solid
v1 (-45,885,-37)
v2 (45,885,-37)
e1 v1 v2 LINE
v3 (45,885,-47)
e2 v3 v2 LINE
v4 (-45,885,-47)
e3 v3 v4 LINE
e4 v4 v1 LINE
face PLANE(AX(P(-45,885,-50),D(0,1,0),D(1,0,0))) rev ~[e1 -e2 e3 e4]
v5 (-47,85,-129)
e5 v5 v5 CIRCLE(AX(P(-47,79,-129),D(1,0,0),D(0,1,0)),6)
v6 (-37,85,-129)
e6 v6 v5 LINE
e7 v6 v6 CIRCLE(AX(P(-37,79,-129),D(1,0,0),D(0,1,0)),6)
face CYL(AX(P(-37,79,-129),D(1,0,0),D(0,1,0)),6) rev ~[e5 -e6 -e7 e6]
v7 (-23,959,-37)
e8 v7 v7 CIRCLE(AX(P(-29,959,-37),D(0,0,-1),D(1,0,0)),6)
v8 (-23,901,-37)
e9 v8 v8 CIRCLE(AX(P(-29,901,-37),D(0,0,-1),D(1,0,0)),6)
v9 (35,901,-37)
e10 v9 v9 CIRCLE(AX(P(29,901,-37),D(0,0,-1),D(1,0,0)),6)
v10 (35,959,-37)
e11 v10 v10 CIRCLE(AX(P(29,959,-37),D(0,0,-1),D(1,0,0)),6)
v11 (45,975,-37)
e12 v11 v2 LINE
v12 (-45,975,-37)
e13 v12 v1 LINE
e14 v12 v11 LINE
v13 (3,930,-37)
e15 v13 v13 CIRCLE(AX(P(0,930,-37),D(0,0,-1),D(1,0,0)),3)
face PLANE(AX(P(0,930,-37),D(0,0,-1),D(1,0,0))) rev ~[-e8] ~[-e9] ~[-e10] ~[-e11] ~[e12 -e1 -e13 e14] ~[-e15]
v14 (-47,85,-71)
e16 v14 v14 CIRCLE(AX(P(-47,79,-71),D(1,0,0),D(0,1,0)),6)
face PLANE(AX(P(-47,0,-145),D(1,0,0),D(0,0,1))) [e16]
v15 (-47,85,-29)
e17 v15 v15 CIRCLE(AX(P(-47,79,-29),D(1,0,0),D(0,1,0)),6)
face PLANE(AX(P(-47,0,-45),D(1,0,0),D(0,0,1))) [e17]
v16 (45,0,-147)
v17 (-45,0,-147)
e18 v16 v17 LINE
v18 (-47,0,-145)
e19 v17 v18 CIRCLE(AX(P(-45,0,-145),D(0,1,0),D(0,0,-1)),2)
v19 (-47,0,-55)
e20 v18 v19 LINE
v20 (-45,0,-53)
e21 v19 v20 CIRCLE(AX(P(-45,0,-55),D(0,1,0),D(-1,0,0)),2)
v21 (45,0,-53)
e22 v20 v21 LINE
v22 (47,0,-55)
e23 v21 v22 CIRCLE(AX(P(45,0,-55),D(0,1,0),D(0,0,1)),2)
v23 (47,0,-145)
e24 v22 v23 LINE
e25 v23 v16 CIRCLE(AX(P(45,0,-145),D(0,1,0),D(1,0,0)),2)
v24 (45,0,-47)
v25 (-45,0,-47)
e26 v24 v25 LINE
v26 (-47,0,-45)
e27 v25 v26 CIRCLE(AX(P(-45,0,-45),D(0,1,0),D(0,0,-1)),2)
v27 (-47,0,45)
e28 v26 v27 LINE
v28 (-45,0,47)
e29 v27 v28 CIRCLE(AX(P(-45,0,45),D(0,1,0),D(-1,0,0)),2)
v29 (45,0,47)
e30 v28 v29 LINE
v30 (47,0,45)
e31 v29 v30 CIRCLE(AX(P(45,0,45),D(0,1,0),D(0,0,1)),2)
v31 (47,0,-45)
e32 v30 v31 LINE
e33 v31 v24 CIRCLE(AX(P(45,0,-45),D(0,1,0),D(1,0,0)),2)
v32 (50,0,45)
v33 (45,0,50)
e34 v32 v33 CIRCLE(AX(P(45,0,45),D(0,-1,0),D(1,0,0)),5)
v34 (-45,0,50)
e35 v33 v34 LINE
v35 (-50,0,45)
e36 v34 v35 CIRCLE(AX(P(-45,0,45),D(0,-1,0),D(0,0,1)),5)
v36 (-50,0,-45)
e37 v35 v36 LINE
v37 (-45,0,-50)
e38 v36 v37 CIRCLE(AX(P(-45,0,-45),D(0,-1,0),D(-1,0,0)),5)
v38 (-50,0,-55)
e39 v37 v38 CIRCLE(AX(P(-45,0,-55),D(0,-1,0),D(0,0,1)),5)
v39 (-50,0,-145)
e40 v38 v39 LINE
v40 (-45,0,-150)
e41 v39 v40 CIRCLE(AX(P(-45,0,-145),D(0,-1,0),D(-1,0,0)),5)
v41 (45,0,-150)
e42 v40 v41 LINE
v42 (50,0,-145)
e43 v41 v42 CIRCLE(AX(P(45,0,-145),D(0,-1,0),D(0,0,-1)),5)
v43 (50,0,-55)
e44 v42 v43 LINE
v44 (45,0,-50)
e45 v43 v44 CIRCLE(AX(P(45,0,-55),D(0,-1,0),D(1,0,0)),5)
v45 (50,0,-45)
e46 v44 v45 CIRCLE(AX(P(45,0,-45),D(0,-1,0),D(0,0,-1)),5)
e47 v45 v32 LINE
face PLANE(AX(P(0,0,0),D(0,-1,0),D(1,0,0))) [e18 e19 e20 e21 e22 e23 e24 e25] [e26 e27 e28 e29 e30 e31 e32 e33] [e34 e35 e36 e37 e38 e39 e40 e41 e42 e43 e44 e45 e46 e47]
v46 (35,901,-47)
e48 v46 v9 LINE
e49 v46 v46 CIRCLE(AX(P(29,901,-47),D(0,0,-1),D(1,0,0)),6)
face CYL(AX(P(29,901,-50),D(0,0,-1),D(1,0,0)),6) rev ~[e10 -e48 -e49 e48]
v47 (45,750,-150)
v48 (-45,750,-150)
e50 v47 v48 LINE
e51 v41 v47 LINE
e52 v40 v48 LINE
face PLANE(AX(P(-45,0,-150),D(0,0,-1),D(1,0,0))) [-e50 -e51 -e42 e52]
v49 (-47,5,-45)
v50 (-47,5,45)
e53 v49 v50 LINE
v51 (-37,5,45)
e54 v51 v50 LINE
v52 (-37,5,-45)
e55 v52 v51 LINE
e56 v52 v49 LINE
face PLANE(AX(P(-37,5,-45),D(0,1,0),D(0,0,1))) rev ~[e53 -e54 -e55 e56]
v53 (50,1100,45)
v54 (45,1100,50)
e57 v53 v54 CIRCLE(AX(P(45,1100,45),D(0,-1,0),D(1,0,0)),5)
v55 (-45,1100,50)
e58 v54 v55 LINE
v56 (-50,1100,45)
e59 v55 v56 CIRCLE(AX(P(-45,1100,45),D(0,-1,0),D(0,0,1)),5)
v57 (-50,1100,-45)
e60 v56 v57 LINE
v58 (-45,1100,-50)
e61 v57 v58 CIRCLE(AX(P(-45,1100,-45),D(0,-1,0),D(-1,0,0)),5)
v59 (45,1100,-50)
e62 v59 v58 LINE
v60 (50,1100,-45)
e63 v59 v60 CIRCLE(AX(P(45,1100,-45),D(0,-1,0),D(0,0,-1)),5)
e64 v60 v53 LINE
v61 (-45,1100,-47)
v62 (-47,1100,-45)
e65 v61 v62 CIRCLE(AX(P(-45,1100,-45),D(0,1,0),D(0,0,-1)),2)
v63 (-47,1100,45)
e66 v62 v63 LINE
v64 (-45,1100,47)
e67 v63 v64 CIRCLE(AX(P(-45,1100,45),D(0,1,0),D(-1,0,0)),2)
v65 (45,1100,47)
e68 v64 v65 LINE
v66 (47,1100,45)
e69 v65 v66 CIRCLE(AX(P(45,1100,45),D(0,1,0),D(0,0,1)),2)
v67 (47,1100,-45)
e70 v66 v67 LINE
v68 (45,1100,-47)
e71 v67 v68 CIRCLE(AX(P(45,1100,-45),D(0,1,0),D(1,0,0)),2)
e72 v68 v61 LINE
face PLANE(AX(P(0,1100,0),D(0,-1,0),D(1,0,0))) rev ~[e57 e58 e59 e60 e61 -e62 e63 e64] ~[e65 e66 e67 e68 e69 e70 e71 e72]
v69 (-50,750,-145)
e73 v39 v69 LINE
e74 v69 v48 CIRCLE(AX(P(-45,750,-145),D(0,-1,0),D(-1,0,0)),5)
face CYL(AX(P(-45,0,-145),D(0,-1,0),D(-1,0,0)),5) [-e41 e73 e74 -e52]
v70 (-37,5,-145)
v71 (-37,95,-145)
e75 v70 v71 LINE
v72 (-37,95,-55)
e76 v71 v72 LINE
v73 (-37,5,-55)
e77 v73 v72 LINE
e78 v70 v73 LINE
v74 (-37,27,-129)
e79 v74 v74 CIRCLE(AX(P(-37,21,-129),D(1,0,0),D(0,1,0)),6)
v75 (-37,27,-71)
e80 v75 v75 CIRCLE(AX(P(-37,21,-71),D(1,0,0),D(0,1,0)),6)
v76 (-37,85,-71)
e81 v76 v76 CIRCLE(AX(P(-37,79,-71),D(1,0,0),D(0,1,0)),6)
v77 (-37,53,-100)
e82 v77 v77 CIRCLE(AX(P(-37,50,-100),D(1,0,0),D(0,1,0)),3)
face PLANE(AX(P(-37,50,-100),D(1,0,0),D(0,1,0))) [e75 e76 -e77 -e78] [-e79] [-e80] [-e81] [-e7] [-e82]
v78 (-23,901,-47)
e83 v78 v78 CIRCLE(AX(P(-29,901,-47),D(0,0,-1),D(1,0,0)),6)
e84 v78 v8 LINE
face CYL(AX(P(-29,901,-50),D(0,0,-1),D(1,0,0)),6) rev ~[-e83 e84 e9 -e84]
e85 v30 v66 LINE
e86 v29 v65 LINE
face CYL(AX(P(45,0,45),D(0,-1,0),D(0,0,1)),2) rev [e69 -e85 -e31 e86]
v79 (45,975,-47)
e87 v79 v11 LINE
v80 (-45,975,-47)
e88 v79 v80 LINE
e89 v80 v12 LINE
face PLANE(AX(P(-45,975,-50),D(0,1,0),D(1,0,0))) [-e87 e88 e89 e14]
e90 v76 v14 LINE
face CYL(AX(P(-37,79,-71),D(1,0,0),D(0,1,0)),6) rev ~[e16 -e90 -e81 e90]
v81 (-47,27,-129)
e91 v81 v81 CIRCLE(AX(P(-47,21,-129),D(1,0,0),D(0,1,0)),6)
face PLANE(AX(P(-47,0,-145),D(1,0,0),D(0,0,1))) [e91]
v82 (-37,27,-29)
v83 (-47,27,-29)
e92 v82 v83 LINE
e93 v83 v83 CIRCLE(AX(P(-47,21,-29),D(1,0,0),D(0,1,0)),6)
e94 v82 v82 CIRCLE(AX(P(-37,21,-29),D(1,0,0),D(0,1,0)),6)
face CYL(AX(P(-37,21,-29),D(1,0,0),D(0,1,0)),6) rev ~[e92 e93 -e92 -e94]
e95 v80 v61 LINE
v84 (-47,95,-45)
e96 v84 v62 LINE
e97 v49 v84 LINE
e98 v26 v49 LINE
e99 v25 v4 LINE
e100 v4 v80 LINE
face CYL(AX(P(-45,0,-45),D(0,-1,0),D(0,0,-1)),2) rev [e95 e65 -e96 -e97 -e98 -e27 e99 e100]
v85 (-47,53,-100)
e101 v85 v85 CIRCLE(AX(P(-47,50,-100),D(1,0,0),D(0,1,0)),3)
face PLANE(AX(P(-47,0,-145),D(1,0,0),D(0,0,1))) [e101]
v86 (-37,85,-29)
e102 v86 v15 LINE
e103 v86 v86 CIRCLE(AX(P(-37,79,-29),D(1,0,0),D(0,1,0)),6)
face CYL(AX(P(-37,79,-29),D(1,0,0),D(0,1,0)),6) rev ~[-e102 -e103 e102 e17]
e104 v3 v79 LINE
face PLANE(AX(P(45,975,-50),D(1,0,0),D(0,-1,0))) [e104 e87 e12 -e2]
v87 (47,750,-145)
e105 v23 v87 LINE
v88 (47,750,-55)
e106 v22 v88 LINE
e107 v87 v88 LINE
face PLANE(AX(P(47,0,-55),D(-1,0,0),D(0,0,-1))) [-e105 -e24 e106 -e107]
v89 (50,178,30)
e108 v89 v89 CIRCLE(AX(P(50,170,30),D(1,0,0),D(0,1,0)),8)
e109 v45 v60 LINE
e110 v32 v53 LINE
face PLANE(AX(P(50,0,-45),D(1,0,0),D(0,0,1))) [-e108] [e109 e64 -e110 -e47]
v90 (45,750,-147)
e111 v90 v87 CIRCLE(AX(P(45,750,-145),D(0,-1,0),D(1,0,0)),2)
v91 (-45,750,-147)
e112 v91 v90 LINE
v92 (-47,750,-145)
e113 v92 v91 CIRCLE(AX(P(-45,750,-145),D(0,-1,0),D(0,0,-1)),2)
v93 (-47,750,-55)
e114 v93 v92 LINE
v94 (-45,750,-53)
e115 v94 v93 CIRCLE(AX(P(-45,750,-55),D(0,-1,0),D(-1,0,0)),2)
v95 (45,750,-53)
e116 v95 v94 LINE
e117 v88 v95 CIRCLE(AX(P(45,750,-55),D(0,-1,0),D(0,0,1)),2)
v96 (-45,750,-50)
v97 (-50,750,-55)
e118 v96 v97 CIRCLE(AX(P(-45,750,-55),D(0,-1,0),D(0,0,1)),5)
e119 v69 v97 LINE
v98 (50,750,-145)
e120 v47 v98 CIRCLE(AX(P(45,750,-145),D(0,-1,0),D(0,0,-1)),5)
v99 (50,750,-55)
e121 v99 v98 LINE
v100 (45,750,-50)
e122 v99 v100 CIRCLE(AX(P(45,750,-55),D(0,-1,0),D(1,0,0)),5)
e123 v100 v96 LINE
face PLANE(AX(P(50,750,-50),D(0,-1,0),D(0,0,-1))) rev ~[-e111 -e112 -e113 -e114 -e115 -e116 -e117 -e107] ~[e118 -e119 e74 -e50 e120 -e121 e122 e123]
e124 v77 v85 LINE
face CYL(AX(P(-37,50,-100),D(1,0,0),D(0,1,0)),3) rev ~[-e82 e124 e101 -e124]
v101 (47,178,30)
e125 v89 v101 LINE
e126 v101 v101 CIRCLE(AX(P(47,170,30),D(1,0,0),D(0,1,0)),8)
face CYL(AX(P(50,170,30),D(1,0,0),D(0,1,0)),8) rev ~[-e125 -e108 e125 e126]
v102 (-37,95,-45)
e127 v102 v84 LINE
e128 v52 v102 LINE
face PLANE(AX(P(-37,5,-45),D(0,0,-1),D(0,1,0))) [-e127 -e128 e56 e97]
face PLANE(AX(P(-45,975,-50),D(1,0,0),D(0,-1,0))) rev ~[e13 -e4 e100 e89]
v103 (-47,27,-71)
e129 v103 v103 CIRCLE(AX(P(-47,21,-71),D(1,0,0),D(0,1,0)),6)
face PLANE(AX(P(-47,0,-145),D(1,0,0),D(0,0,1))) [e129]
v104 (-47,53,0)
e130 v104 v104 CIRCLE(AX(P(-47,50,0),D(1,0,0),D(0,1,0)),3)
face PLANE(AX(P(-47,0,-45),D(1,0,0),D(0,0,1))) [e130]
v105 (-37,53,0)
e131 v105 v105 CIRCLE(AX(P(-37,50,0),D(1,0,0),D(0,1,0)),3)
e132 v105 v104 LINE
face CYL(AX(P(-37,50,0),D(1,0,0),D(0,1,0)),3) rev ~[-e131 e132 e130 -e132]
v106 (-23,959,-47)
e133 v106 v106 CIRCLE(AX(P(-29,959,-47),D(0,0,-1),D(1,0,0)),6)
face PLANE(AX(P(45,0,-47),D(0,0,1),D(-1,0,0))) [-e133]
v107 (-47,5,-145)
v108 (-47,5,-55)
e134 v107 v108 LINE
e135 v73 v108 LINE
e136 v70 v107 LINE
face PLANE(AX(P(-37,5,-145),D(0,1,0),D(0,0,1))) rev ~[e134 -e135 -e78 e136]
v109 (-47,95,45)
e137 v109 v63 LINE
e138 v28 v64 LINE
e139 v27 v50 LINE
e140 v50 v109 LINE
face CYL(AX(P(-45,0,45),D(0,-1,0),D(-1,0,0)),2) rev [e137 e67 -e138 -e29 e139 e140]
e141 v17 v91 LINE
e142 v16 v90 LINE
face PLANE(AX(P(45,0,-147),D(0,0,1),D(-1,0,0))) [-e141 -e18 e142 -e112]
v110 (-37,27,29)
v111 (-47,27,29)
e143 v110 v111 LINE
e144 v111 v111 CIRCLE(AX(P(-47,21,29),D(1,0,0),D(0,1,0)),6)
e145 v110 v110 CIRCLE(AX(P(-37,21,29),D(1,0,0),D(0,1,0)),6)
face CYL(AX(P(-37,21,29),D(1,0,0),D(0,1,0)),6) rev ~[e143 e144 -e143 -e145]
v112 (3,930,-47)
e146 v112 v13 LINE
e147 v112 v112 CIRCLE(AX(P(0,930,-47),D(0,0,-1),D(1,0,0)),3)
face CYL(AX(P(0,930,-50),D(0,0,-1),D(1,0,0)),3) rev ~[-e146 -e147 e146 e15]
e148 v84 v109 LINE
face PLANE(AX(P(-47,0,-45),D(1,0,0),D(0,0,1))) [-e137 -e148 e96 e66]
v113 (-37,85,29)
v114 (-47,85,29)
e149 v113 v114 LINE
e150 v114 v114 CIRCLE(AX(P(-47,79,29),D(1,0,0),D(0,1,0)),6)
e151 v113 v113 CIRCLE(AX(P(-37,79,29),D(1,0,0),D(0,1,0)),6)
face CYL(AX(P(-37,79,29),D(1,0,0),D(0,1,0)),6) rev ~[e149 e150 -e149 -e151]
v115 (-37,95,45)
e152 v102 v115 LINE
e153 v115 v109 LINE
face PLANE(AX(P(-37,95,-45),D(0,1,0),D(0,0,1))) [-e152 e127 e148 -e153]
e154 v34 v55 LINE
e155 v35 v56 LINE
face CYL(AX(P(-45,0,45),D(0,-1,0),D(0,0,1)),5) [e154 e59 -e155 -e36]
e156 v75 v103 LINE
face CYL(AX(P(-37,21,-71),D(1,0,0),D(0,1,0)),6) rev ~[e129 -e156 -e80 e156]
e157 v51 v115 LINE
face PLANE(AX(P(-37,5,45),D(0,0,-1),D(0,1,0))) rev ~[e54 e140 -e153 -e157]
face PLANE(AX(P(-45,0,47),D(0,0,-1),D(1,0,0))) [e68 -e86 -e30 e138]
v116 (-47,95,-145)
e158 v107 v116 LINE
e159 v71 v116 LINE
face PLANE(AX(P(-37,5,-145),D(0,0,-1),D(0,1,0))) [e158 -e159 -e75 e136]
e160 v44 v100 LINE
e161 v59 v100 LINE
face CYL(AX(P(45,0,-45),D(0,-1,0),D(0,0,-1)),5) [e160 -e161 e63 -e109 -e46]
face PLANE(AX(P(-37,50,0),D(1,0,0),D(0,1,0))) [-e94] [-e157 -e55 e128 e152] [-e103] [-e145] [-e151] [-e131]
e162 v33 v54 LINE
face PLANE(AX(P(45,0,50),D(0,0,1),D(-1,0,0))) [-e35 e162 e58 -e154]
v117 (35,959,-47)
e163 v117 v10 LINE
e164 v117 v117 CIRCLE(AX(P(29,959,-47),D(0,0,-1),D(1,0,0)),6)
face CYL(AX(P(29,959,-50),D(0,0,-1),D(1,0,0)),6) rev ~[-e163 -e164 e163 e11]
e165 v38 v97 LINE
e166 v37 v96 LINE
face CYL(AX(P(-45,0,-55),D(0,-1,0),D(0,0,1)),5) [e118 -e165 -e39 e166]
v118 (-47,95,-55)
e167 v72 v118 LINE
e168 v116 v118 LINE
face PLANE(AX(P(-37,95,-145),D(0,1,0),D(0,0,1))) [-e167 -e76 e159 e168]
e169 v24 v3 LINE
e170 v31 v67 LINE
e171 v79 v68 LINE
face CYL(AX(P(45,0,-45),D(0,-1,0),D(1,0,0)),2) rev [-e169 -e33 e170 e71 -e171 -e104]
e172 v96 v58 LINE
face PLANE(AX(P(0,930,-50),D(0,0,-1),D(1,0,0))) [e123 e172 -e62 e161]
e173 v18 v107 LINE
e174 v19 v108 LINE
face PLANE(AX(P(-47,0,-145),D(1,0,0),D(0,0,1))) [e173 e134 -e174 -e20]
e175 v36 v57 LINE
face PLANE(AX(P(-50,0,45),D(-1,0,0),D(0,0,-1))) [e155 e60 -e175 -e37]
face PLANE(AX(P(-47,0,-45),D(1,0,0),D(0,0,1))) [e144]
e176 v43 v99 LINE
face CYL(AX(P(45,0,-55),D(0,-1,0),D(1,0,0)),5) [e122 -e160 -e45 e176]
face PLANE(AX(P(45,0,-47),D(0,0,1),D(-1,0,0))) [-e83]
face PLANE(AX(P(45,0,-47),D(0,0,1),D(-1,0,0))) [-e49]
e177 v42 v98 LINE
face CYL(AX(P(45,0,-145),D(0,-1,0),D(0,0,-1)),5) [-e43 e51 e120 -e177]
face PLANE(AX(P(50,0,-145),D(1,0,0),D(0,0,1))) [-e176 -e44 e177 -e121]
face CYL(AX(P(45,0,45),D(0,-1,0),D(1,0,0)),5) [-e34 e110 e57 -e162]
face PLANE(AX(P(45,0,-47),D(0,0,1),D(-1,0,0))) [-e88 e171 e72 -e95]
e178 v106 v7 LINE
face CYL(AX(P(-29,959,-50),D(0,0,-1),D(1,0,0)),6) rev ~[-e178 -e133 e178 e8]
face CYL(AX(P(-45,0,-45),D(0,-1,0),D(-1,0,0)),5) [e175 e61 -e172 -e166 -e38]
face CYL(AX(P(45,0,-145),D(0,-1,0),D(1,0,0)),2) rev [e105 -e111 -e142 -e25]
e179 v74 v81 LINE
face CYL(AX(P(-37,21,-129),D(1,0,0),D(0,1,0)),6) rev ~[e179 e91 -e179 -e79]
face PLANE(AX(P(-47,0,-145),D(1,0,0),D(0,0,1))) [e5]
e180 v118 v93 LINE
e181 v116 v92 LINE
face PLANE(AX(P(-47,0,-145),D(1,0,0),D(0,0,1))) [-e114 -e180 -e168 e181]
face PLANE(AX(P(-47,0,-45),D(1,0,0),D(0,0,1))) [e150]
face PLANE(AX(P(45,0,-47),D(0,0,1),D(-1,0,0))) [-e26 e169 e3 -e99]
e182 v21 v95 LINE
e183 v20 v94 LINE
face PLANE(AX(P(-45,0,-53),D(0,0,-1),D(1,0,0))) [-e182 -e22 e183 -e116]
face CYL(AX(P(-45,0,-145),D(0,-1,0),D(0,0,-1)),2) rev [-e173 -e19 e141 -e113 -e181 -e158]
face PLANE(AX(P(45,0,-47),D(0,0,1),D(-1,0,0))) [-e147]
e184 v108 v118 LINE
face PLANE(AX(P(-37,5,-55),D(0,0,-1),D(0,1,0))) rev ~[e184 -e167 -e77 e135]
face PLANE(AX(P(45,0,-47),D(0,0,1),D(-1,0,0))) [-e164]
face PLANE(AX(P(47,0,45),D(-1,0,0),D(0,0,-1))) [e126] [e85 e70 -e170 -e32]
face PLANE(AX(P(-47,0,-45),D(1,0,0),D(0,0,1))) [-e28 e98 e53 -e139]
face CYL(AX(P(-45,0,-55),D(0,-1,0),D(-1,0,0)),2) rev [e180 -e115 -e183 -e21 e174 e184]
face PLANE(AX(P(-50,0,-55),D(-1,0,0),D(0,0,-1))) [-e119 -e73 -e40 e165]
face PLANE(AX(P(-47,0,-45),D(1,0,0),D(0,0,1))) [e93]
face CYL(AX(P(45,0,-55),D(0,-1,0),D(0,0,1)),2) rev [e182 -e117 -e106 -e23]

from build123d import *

# Parameters (mm, degrees)
F1_DEPTH = 1100
F2_R     = 8
F3_DEPTH = 3
F4_W     = 350
F4_H     = 90
F4_H_2   = 5
F5_DEPTH = 100.001
F7_START = -87
F6_W     = 90
F6_H     = 90
F6_R     = 6
F6_R_2   = 3
F7_DEPTH = 10
F8_W     = 90
F8_H     = 90
F8_R     = 6
F8_R_2   = 3
F9_DEPTH = 13


with BuildPart() as f1:
    # F0 (on Front) → F1 (new body)
    with BuildSketch(Plane.XZ):
        with BuildLine():
            ThreePointArc((50, 45), (48.5355339059, 48.5355339059), (45, 50))
            Line((45, 50), (-45, 50))
            ThreePointArc((-45, 50), (-48.5355339059, 48.5355339059), (-50, 45))
            Line((-50, 45), (-50, -45))
            ThreePointArc((-50, -45), (-48.5355339059, -48.5355339059), (-45, -50))
            Line((-45, -50), (45, -50))
            ThreePointArc((45, -50), (48.5355339059, -48.5355339059), (50, -45))
            Line((50, -45), (50, 45))
        make_face()
        with BuildLine():
            ThreePointArc((-47, 45), (-46.4142135624, 46.4142135624), (-45, 47))
            Line((-45, 47), (45, 47))
            ThreePointArc((45, 47), (46.4142135624, 46.4142135624), (47, 45))
            Line((47, 45), (47, -45))
            ThreePointArc((47, -45), (46.4142135624, -46.4142135624), (45, -47))
            Line((45, -47), (-45, -47))
            ThreePointArc((-45, -47), (-46.4142135624, -46.4142135624), (-47, -45))
            Line((-47, -45), (-47, 45))
        make_face(mode=Mode.SUBTRACT)
        with BuildLine():
            ThreePointArc((50, -55), (48.5355339059, -51.4644660941), (45, -50))
            Line((45, -50), (-45, -50))
            ThreePointArc((-45, -50), (-48.5355339059, -51.4644660941), (-50, -55))
            Line((-50, -55), (-50, -145))
            ThreePointArc((-50, -145), (-48.5355339059, -148.5355339059), (-45, -150))
            Line((-45, -150), (45, -150))
            ThreePointArc((45, -150), (48.5355339059, -148.5355339059), (50, -145))
            Line((50, -145), (50, -55))
        make_face()
        with BuildLine():
            ThreePointArc((-47, -55), (-46.4142135624, -53.5857864376), (-45, -53))
            Line((-45, -53), (45, -53))
            ThreePointArc((45, -53), (46.4142135624, -53.5857864376), (47, -55))
            Line((47, -55), (47, -145))
            ThreePointArc((47, -145), (46.4142135624, -146.4142135624), (45, -147))
            Line((45, -147), (-45, -147))
            ThreePointArc((-45, -147), (-46.4142135624, -146.4142135624), (-47, -145))
            Line((-47, -145), (-47, -55))
        make_face(mode=Mode.SUBTRACT)
    extrude(amount=-F1_DEPTH)

    # F2 (on face) → F3 (cut, through all)
    with BuildSketch(Plane.YZ.offset(50)):
        with Locations((170, 30)):
            Circle(F2_R)
    extrude(amount=-F3_DEPTH, mode=Mode.SUBTRACT)

    # F4 (on face) → F5 (cut, through all)
    with BuildSketch(Plane.YZ.offset(50)):
        with Locations((925, -100)):
            Rectangle(F4_W, F4_H)
        with Locations((925, -147.5)):
            Rectangle(F4_W, F4_H_2)
        with Locations((925, -52.5)):
            Rectangle(F4_W, F4_H_2)
    extrude(amount=-F5_DEPTH, mode=Mode.SUBTRACT)

    # F6 (on face) → F7 (join)
    with BuildSketch(Plane.YZ.offset(50).offset(F7_START)):
        with Locations((50, 0)):
            Rectangle(F6_W, F6_H)
        with Locations((21, -29)):
            Circle(F6_R, mode=Mode.SUBTRACT)
        with Locations((21, 29)):
            Circle(F6_R, mode=Mode.SUBTRACT)
        with Locations((79, -29)):
            Circle(F6_R, mode=Mode.SUBTRACT)
        with Locations((50, 0)):
            Circle(F6_R_2, mode=Mode.SUBTRACT)
        with Locations((79, 29)):
            Circle(F6_R, mode=Mode.SUBTRACT)
        with Locations((50, -100)):
            Rectangle(F6_W, F6_H)
        with Locations((21, -129)):
            Circle(F6_R, mode=Mode.SUBTRACT)
        with Locations((21, -71)):
            Circle(F6_R, mode=Mode.SUBTRACT)
        with Locations((50, -100)):
            Circle(F6_R_2, mode=Mode.SUBTRACT)
        with Locations((79, -129)):
            Circle(F6_R, mode=Mode.SUBTRACT)
        with Locations((79, -71)):
            Circle(F6_R, mode=Mode.SUBTRACT)
    extrude(amount=-F7_DEPTH)

    # F8 (on face) → F9 (join)
    with BuildSketch(Plane(origin=(0, 0, -50), x_dir=(1, 0, 0), z_dir=(0, 0, -1))):
        with Locations((0, -930)):
            Rectangle(F8_W, F8_H)
        with Locations((-29, -959)):
            Circle(F8_R, mode=Mode.SUBTRACT)
        with Locations((0, -930)):
            Circle(F8_R_2, mode=Mode.SUBTRACT)
        with Locations((29, -959)):
            Circle(F8_R, mode=Mode.SUBTRACT)
        with Locations((-29, -901)):
            Circle(F8_R, mode=Mode.SUBTRACT)
        with Locations((29, -901)):
            Circle(F8_R, mode=Mode.SUBTRACT)
    extrude(amount=-F9_DEPTH)


solid = f1.part
